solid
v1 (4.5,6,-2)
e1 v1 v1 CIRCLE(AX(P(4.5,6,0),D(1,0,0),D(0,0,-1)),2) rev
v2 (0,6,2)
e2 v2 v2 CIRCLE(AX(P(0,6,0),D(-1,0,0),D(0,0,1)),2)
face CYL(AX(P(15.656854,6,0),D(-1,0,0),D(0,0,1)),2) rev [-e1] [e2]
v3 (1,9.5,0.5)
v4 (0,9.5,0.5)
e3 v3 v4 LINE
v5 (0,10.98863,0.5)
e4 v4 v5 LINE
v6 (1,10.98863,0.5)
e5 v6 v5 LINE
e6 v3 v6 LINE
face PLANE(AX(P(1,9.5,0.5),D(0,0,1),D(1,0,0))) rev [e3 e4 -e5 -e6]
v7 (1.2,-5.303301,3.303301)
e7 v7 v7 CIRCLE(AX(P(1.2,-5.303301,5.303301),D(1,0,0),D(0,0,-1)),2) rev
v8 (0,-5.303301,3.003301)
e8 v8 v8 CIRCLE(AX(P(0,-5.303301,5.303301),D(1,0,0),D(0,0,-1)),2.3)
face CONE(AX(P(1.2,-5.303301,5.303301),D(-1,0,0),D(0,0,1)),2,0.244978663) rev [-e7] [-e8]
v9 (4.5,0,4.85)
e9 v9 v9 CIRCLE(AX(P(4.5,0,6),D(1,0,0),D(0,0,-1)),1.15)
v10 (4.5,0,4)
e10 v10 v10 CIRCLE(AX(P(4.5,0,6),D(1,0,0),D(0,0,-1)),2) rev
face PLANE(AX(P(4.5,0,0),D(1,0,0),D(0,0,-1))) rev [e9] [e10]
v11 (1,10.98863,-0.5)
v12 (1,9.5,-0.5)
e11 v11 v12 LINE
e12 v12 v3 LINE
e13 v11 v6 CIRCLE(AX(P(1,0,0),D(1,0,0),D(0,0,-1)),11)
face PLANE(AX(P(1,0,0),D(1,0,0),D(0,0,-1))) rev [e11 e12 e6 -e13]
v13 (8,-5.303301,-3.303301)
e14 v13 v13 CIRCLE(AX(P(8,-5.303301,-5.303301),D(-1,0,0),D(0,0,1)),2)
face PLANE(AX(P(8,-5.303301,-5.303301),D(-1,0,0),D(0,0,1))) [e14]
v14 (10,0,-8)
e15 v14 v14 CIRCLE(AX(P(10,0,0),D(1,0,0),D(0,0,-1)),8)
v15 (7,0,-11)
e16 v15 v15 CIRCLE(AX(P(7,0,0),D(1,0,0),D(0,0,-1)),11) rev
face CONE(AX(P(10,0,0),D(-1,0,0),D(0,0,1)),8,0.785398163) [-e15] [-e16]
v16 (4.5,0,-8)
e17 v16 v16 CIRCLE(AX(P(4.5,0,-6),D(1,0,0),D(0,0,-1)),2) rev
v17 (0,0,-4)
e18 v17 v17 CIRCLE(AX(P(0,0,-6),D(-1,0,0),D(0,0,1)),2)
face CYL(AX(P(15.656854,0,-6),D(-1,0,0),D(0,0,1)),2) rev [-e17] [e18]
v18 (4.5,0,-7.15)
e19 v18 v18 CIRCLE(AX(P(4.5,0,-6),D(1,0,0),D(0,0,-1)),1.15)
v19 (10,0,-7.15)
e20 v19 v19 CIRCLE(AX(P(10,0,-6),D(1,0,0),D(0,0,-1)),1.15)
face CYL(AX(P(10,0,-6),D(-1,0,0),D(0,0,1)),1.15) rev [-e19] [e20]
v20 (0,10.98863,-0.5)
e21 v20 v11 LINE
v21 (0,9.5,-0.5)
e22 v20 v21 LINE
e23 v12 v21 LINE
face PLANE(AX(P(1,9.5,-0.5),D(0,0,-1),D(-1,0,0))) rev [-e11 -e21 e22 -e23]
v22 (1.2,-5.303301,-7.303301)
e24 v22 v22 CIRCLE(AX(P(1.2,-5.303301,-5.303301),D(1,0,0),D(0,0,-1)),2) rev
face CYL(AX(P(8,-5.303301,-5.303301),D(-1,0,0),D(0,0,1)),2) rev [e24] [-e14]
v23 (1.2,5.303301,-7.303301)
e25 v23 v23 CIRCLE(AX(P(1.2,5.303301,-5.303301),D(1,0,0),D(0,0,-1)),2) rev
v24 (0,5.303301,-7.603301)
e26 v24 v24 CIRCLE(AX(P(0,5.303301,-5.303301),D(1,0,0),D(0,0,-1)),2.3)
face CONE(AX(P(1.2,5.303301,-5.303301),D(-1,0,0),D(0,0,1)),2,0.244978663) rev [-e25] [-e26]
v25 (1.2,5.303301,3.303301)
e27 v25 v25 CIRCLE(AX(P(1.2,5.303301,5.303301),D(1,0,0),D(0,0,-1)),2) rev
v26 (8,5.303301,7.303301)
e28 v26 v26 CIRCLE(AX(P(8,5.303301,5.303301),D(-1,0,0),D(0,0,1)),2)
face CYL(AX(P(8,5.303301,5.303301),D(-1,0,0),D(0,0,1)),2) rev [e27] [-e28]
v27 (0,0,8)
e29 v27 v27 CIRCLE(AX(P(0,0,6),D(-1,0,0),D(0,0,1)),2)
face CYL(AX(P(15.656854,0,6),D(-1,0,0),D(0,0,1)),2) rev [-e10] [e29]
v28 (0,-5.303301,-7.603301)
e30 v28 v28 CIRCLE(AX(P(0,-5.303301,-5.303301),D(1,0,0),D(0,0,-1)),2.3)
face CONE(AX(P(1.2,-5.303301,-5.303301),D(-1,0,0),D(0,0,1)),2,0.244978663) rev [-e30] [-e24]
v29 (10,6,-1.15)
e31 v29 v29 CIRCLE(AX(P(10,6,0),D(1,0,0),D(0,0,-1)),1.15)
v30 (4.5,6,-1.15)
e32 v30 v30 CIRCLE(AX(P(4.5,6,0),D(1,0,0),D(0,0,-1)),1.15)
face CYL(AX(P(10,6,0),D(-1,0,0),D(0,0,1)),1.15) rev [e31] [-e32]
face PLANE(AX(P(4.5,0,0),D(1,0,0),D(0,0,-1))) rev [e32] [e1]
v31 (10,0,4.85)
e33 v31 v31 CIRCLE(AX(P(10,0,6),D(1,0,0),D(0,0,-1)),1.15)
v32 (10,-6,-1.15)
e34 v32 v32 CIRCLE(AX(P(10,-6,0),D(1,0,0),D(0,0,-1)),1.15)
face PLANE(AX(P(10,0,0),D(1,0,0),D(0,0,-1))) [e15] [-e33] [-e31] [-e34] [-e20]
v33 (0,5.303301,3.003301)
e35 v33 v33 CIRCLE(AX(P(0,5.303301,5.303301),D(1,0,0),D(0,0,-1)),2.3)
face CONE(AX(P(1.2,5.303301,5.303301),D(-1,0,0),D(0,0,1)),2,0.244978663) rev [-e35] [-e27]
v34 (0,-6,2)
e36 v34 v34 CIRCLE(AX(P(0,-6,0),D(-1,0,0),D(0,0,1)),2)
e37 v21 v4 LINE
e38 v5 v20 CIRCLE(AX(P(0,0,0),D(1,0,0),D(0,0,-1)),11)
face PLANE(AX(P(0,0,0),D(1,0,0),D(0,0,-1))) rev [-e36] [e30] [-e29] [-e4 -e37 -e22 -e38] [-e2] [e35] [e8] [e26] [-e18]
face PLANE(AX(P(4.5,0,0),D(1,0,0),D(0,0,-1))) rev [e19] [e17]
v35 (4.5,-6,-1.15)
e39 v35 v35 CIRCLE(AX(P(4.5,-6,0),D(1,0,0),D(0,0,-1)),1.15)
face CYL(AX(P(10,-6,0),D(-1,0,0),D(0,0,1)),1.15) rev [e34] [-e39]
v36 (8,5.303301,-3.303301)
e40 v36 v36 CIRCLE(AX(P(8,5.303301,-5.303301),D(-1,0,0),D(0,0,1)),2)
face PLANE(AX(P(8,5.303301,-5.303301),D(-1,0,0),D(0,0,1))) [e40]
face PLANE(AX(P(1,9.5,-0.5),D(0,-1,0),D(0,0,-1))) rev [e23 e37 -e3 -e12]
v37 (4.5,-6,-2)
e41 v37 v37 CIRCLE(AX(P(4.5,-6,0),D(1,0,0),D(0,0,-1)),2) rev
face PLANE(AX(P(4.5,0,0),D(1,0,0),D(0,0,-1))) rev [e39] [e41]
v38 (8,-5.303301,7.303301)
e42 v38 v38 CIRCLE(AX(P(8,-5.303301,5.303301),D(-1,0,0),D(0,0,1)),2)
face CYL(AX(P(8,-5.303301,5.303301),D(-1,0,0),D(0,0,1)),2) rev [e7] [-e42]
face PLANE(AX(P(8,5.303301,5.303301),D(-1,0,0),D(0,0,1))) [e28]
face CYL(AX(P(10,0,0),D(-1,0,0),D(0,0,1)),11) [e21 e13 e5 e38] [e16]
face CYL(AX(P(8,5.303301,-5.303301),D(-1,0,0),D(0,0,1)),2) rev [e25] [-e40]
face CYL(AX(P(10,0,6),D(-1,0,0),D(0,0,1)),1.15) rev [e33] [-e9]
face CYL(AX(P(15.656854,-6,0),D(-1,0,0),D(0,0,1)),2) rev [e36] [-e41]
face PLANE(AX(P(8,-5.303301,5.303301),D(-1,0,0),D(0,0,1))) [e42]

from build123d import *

# Parameters (mm, degrees)
SKETCH2_R           = 11
SKETCH2_R_2         = 1.15
BOSS_EXTRUDE1_DEPTH = 10
CHAMFER1_SIZE       = 3
SKETCH5_R           = 2
CUT_EXTRUDE2_DEPTH  = 4.5
SKETCH6_R           = 2
CUT_EXTRUDE3_DEPTH  = 8
CHAMFER2_SIZE       = 0.3
CHAMFER2_SIZE2      = 1.2
SKETCH7_W           = 1
SKETCH7_H           = 3.829479263
CUT_EXTRUDE4_DEPTH  = 1


with BuildPart() as part:
    # Sketch2 → Boss-Extrude1 (new body)
    with BuildSketch(Plane(origin=(0, 0, 0), x_dir=(0, 0, -1), z_dir=(1, 0, 0))):
        Circle(SKETCH2_R)
        with Locations((0, 6)):
            Circle(SKETCH2_R_2, mode=Mode.SUBTRACT)
        with Locations((-6, 0)):
            Circle(SKETCH2_R_2, mode=Mode.SUBTRACT)
        with Locations((0, -6)):
            Circle(SKETCH2_R_2, mode=Mode.SUBTRACT)
        with Locations((6, 0)):
            Circle(SKETCH2_R_2, mode=Mode.SUBTRACT)
    extrude(amount=BOSS_EXTRUDE1_DEPTH)

    # Chamfer1
    chamfer1_edges = [part.edges().sort_by_distance(p)[0] for p in [
        (10, 0, 11),
    ]]
    chamfer(chamfer1_edges, length=CHAMFER1_SIZE)

    # Sketch5 → Cut-Extrude2 (cut)
    with BuildSketch(Plane.ZY):
        with Locations((-6, 0)):
            Circle(SKETCH5_R)
        with Locations((0, 6)):
            Circle(SKETCH5_R)
        with Locations((0, -6)):
            Circle(SKETCH5_R)
        with Locations((6, 0)):
            Circle(SKETCH5_R)
    extrude(amount=-CUT_EXTRUDE2_DEPTH, mode=Mode.SUBTRACT)

    # Sketch6 → Cut-Extrude3 (cut)
    with BuildSketch(Plane.ZY):
        with Locations((5.303300859, 5.303300859)):
            Circle(SKETCH6_R)
        with Locations((-5.303300859, 5.303300859)):
            Circle(SKETCH6_R)
        with Locations((-5.303300859, -5.303300859)):
            Circle(SKETCH6_R)
        with Locations((5.303300859, -5.303300859)):
            Circle(SKETCH6_R)
    extrude(amount=-CUT_EXTRUDE3_DEPTH, mode=Mode.SUBTRACT)

    # Chamfer2
    chamfer2_edges = [part.edges().sort_by_distance(p)[0] for p in [
        (0, -5.303300859, 3.303300859),
        (0, -5.303300859, -7.303300859),
        (0, 5.303300859, -7.303300859),
        (0, 5.303300859, 3.303300859),
    ]]
    chamfer2_side = [part.faces().sort_by_distance(p)[0] for p in [
        (0, 0, 0),
    ]]
    chamfer(chamfer2_edges, length=CHAMFER2_SIZE, length2=CHAMFER2_SIZE2, reference=chamfer2_side[0])

    # Sketch7 → Cut-Extrude4 (cut)
    with BuildSketch(Plane.ZY):
        with Locations((0, 11.414739632)):
            Rectangle(SKETCH7_W, SKETCH7_H)
    extrude(amount=-CUT_EXTRUDE4_DEPTH, mode=Mode.SUBTRACT)


solid = part.part
